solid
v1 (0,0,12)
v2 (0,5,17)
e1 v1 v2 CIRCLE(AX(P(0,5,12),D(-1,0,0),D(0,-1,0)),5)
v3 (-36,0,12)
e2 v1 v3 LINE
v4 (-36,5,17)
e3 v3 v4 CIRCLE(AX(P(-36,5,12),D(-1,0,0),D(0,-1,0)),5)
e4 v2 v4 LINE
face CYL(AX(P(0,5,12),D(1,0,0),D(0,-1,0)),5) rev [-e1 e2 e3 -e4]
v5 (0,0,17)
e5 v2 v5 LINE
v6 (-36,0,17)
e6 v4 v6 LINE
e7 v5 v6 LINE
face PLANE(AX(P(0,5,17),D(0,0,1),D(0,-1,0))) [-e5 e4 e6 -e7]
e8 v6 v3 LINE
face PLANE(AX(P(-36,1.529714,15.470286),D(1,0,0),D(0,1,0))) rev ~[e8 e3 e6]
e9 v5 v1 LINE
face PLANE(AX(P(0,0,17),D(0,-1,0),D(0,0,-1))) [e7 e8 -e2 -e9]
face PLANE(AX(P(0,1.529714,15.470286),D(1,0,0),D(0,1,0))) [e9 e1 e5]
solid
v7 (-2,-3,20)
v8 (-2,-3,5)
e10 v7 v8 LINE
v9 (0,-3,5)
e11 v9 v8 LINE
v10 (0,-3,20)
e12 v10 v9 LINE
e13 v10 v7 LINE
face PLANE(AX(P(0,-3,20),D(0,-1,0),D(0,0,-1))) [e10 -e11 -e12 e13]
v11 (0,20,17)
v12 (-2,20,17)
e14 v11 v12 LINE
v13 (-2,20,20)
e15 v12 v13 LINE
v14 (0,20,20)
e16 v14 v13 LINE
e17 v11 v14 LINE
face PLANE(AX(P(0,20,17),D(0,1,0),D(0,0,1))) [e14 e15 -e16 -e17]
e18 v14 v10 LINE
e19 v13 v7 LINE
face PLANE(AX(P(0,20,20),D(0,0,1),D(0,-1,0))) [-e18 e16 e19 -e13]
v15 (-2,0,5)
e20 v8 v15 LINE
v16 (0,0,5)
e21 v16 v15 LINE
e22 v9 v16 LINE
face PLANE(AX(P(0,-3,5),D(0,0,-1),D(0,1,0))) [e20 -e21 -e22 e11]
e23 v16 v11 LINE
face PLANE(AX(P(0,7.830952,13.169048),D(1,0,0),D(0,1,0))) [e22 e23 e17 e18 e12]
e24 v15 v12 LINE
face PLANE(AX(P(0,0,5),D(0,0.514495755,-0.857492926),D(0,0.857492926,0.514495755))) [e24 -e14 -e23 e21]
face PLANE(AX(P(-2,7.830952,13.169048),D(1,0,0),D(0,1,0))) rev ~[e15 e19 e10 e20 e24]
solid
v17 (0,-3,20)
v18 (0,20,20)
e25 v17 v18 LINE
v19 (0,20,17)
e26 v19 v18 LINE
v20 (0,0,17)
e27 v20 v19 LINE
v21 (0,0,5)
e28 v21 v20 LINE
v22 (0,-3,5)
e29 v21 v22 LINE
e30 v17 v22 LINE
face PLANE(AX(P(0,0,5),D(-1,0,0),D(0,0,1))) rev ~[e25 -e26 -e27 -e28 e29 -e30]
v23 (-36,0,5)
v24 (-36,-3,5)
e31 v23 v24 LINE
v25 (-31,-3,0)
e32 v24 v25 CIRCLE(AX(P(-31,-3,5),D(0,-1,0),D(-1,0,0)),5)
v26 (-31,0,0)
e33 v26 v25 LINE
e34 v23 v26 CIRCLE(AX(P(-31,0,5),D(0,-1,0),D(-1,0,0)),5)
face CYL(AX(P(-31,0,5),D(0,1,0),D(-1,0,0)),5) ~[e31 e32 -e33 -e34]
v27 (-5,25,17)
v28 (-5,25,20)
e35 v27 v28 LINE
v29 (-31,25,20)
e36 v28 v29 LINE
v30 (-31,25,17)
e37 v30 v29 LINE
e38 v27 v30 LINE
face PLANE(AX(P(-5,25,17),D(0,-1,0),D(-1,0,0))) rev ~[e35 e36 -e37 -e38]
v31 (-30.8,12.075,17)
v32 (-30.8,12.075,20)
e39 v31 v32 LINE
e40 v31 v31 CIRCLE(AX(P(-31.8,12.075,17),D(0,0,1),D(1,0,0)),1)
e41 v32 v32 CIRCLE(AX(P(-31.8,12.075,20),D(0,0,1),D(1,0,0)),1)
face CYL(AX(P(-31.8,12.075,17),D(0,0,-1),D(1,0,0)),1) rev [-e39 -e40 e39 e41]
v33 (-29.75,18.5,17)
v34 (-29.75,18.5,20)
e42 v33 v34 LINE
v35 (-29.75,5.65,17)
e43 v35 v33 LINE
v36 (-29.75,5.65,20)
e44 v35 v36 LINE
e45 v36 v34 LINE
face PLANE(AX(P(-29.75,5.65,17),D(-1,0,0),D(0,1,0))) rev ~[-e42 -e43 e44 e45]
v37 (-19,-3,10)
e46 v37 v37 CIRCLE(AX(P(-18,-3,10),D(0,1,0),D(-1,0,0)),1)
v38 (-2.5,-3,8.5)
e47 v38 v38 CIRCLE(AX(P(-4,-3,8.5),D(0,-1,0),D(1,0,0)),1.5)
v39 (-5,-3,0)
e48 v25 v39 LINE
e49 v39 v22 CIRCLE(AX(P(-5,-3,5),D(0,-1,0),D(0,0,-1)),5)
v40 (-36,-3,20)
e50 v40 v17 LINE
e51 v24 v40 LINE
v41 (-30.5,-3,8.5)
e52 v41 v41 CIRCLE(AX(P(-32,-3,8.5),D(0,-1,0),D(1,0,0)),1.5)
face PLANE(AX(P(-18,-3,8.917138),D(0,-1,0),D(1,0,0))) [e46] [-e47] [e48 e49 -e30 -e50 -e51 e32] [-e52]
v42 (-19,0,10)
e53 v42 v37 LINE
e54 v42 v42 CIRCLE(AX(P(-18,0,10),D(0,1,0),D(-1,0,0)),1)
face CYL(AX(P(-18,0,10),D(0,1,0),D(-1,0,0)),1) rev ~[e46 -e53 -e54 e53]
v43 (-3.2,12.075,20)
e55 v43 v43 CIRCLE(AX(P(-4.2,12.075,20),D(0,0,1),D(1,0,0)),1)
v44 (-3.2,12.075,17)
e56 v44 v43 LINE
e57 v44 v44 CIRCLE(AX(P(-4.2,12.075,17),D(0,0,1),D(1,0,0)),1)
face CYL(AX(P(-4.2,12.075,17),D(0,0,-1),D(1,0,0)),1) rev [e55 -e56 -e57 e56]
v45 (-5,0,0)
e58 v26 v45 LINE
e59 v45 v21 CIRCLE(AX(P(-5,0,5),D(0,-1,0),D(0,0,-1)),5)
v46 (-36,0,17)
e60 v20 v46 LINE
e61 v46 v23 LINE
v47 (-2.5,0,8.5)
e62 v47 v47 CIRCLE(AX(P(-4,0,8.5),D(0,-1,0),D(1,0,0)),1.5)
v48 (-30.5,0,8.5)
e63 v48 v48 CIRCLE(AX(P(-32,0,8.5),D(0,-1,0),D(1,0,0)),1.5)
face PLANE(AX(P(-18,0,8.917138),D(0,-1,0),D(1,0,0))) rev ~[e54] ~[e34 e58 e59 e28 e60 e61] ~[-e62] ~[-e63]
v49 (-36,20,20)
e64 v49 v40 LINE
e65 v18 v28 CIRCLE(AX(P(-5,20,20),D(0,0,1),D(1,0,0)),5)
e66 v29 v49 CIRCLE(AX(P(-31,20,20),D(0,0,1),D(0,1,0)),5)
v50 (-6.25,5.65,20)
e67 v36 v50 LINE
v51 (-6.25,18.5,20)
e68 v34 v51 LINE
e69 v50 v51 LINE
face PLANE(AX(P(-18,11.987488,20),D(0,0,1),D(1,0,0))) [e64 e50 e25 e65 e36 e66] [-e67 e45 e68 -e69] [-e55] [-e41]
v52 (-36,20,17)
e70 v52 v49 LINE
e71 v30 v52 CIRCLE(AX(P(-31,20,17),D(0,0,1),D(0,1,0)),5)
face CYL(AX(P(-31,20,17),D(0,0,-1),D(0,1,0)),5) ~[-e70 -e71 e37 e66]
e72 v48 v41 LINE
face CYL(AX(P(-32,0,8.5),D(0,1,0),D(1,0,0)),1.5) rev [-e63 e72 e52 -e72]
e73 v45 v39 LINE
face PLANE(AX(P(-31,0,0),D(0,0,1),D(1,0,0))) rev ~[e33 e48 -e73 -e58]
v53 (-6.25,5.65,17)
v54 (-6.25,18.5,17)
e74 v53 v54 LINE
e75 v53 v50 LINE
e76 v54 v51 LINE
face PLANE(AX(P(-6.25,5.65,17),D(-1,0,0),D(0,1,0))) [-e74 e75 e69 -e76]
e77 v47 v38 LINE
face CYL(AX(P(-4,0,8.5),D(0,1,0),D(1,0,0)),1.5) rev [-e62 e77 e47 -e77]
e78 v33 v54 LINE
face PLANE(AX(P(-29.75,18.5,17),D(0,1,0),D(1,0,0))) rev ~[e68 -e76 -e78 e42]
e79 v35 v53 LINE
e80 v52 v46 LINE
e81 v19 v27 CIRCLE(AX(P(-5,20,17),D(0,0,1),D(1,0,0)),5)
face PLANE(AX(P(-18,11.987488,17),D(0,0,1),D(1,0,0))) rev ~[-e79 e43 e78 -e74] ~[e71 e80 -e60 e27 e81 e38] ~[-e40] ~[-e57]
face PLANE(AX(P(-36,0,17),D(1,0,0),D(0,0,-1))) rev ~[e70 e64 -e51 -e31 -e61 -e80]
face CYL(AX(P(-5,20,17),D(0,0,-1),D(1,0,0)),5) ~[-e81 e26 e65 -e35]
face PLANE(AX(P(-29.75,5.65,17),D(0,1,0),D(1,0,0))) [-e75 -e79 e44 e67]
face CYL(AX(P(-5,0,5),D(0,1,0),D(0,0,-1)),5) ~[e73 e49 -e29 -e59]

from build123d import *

# Parameters (mm, degrees)
F0_R       = 1.5
F1_DEPTH   = 3
F1_FACE1_W = 26
F1_FACE1_H = 3
F2_R       = 1
F2_W       = 23.5
F2_H       = 12.85
F2_W_2     = 36
F2_H_2     = 3
F3_DEPTH   = 3
F5_DEPTH   = 36
F6_R       = 1
F7_DEPTH   = 3.001
F9_DEPTH   = 2


with BuildPart() as f1:
    # F0 (on Front) → F1 (new body)
    with BuildSketch(Plane.XZ):
        with BuildLine():
            Line((-31, 0), (-5, 0))
            ThreePointArc((-5, 0), (-1.4644660941, 1.4644660941), (0, 5))
            Line((0, 5), (0, 17))
            Line((0, 17), (-36, 17))
            Line((-36, 17), (-36, 5))
            ThreePointArc((-36, 5), (-34.5355339059, 1.4644660941), (-31, 0))
        make_face()
        with Locations((-32, 8.5)):
            Circle(F0_R, mode=Mode.SUBTRACT)
        with Locations((-4, 8.5)):
            Circle(F0_R, mode=Mode.SUBTRACT)
    extrude(amount=F1_DEPTH)

    # F1_face1 (on face) + F2 (on face) → F3 (join)
    with BuildSketch(Plane(origin=(-18, -1.5, 0), x_dir=(1, 0, 0), z_dir=(0, 0, -1))):
        Rectangle(F1_FACE1_W, F1_FACE1_H)
    with BuildSketch(Plane.XY.offset(17)):
        with BuildLine():
            Line((-36, 20), (-36, 0))
            Line((-36, 0), (0, 0))
            Line((0, 0), (0, 20))
            ThreePointArc((0, 20), (-1.4644660941, 23.5355339059), (-5, 25))
            Line((-5, 25), (-31, 25))
            ThreePointArc((-31, 25), (-34.5355339059, 23.5355339059), (-36, 20))
        make_face()
        with Locations((-31.8, 12.075)):
            Circle(F2_R, mode=Mode.SUBTRACT)
        with Locations((-18, 12.075)):
            Rectangle(F2_W, F2_H, mode=Mode.SUBTRACT)
        with Locations((-4.2, 12.075)):
            Circle(F2_R, mode=Mode.SUBTRACT)
        with Locations((-18, -1.5)):
            Rectangle(F2_W_2, F2_H_2)
    extrude(amount=-F3_DEPTH, dir=(0, 0, -1))

    # F6 (on face) → F7 (cut, through all)
    with BuildSketch(Plane(origin=(0, 0, 0), x_dir=(-1, 0, 0), z_dir=(0, 1, 0))):
        with Locations((18, 10)):
            Circle(F6_R)
    extrude(amount=-F7_DEPTH, mode=Mode.SUBTRACT)


with BuildPart() as f5:
    # F4 (on face) → F5 (new body)
    with BuildSketch(Plane.YZ):
        with BuildLine():
            Line((0, 17), (0, 12))
            ThreePointArc((0, 12), (1.4644660941, 15.5355339059), (5, 17))
            Line((5, 17), (0, 17))
        make_face()
    extrude(amount=-F5_DEPTH)


with BuildPart() as f9:
    # F8 (on face) → F9 (new body)
    with BuildSketch(Plane.YZ):
        Polygon((0, 5), (20, 17), (0, 17), align=None)
        Polygon((0, 17), (20, 17), (20, 20), (-3, 20), (-3, 5), (0, 5), align=None)
    extrude(amount=-F9_DEPTH)


solid = Compound([f1.part, f5.part, f9.part])
